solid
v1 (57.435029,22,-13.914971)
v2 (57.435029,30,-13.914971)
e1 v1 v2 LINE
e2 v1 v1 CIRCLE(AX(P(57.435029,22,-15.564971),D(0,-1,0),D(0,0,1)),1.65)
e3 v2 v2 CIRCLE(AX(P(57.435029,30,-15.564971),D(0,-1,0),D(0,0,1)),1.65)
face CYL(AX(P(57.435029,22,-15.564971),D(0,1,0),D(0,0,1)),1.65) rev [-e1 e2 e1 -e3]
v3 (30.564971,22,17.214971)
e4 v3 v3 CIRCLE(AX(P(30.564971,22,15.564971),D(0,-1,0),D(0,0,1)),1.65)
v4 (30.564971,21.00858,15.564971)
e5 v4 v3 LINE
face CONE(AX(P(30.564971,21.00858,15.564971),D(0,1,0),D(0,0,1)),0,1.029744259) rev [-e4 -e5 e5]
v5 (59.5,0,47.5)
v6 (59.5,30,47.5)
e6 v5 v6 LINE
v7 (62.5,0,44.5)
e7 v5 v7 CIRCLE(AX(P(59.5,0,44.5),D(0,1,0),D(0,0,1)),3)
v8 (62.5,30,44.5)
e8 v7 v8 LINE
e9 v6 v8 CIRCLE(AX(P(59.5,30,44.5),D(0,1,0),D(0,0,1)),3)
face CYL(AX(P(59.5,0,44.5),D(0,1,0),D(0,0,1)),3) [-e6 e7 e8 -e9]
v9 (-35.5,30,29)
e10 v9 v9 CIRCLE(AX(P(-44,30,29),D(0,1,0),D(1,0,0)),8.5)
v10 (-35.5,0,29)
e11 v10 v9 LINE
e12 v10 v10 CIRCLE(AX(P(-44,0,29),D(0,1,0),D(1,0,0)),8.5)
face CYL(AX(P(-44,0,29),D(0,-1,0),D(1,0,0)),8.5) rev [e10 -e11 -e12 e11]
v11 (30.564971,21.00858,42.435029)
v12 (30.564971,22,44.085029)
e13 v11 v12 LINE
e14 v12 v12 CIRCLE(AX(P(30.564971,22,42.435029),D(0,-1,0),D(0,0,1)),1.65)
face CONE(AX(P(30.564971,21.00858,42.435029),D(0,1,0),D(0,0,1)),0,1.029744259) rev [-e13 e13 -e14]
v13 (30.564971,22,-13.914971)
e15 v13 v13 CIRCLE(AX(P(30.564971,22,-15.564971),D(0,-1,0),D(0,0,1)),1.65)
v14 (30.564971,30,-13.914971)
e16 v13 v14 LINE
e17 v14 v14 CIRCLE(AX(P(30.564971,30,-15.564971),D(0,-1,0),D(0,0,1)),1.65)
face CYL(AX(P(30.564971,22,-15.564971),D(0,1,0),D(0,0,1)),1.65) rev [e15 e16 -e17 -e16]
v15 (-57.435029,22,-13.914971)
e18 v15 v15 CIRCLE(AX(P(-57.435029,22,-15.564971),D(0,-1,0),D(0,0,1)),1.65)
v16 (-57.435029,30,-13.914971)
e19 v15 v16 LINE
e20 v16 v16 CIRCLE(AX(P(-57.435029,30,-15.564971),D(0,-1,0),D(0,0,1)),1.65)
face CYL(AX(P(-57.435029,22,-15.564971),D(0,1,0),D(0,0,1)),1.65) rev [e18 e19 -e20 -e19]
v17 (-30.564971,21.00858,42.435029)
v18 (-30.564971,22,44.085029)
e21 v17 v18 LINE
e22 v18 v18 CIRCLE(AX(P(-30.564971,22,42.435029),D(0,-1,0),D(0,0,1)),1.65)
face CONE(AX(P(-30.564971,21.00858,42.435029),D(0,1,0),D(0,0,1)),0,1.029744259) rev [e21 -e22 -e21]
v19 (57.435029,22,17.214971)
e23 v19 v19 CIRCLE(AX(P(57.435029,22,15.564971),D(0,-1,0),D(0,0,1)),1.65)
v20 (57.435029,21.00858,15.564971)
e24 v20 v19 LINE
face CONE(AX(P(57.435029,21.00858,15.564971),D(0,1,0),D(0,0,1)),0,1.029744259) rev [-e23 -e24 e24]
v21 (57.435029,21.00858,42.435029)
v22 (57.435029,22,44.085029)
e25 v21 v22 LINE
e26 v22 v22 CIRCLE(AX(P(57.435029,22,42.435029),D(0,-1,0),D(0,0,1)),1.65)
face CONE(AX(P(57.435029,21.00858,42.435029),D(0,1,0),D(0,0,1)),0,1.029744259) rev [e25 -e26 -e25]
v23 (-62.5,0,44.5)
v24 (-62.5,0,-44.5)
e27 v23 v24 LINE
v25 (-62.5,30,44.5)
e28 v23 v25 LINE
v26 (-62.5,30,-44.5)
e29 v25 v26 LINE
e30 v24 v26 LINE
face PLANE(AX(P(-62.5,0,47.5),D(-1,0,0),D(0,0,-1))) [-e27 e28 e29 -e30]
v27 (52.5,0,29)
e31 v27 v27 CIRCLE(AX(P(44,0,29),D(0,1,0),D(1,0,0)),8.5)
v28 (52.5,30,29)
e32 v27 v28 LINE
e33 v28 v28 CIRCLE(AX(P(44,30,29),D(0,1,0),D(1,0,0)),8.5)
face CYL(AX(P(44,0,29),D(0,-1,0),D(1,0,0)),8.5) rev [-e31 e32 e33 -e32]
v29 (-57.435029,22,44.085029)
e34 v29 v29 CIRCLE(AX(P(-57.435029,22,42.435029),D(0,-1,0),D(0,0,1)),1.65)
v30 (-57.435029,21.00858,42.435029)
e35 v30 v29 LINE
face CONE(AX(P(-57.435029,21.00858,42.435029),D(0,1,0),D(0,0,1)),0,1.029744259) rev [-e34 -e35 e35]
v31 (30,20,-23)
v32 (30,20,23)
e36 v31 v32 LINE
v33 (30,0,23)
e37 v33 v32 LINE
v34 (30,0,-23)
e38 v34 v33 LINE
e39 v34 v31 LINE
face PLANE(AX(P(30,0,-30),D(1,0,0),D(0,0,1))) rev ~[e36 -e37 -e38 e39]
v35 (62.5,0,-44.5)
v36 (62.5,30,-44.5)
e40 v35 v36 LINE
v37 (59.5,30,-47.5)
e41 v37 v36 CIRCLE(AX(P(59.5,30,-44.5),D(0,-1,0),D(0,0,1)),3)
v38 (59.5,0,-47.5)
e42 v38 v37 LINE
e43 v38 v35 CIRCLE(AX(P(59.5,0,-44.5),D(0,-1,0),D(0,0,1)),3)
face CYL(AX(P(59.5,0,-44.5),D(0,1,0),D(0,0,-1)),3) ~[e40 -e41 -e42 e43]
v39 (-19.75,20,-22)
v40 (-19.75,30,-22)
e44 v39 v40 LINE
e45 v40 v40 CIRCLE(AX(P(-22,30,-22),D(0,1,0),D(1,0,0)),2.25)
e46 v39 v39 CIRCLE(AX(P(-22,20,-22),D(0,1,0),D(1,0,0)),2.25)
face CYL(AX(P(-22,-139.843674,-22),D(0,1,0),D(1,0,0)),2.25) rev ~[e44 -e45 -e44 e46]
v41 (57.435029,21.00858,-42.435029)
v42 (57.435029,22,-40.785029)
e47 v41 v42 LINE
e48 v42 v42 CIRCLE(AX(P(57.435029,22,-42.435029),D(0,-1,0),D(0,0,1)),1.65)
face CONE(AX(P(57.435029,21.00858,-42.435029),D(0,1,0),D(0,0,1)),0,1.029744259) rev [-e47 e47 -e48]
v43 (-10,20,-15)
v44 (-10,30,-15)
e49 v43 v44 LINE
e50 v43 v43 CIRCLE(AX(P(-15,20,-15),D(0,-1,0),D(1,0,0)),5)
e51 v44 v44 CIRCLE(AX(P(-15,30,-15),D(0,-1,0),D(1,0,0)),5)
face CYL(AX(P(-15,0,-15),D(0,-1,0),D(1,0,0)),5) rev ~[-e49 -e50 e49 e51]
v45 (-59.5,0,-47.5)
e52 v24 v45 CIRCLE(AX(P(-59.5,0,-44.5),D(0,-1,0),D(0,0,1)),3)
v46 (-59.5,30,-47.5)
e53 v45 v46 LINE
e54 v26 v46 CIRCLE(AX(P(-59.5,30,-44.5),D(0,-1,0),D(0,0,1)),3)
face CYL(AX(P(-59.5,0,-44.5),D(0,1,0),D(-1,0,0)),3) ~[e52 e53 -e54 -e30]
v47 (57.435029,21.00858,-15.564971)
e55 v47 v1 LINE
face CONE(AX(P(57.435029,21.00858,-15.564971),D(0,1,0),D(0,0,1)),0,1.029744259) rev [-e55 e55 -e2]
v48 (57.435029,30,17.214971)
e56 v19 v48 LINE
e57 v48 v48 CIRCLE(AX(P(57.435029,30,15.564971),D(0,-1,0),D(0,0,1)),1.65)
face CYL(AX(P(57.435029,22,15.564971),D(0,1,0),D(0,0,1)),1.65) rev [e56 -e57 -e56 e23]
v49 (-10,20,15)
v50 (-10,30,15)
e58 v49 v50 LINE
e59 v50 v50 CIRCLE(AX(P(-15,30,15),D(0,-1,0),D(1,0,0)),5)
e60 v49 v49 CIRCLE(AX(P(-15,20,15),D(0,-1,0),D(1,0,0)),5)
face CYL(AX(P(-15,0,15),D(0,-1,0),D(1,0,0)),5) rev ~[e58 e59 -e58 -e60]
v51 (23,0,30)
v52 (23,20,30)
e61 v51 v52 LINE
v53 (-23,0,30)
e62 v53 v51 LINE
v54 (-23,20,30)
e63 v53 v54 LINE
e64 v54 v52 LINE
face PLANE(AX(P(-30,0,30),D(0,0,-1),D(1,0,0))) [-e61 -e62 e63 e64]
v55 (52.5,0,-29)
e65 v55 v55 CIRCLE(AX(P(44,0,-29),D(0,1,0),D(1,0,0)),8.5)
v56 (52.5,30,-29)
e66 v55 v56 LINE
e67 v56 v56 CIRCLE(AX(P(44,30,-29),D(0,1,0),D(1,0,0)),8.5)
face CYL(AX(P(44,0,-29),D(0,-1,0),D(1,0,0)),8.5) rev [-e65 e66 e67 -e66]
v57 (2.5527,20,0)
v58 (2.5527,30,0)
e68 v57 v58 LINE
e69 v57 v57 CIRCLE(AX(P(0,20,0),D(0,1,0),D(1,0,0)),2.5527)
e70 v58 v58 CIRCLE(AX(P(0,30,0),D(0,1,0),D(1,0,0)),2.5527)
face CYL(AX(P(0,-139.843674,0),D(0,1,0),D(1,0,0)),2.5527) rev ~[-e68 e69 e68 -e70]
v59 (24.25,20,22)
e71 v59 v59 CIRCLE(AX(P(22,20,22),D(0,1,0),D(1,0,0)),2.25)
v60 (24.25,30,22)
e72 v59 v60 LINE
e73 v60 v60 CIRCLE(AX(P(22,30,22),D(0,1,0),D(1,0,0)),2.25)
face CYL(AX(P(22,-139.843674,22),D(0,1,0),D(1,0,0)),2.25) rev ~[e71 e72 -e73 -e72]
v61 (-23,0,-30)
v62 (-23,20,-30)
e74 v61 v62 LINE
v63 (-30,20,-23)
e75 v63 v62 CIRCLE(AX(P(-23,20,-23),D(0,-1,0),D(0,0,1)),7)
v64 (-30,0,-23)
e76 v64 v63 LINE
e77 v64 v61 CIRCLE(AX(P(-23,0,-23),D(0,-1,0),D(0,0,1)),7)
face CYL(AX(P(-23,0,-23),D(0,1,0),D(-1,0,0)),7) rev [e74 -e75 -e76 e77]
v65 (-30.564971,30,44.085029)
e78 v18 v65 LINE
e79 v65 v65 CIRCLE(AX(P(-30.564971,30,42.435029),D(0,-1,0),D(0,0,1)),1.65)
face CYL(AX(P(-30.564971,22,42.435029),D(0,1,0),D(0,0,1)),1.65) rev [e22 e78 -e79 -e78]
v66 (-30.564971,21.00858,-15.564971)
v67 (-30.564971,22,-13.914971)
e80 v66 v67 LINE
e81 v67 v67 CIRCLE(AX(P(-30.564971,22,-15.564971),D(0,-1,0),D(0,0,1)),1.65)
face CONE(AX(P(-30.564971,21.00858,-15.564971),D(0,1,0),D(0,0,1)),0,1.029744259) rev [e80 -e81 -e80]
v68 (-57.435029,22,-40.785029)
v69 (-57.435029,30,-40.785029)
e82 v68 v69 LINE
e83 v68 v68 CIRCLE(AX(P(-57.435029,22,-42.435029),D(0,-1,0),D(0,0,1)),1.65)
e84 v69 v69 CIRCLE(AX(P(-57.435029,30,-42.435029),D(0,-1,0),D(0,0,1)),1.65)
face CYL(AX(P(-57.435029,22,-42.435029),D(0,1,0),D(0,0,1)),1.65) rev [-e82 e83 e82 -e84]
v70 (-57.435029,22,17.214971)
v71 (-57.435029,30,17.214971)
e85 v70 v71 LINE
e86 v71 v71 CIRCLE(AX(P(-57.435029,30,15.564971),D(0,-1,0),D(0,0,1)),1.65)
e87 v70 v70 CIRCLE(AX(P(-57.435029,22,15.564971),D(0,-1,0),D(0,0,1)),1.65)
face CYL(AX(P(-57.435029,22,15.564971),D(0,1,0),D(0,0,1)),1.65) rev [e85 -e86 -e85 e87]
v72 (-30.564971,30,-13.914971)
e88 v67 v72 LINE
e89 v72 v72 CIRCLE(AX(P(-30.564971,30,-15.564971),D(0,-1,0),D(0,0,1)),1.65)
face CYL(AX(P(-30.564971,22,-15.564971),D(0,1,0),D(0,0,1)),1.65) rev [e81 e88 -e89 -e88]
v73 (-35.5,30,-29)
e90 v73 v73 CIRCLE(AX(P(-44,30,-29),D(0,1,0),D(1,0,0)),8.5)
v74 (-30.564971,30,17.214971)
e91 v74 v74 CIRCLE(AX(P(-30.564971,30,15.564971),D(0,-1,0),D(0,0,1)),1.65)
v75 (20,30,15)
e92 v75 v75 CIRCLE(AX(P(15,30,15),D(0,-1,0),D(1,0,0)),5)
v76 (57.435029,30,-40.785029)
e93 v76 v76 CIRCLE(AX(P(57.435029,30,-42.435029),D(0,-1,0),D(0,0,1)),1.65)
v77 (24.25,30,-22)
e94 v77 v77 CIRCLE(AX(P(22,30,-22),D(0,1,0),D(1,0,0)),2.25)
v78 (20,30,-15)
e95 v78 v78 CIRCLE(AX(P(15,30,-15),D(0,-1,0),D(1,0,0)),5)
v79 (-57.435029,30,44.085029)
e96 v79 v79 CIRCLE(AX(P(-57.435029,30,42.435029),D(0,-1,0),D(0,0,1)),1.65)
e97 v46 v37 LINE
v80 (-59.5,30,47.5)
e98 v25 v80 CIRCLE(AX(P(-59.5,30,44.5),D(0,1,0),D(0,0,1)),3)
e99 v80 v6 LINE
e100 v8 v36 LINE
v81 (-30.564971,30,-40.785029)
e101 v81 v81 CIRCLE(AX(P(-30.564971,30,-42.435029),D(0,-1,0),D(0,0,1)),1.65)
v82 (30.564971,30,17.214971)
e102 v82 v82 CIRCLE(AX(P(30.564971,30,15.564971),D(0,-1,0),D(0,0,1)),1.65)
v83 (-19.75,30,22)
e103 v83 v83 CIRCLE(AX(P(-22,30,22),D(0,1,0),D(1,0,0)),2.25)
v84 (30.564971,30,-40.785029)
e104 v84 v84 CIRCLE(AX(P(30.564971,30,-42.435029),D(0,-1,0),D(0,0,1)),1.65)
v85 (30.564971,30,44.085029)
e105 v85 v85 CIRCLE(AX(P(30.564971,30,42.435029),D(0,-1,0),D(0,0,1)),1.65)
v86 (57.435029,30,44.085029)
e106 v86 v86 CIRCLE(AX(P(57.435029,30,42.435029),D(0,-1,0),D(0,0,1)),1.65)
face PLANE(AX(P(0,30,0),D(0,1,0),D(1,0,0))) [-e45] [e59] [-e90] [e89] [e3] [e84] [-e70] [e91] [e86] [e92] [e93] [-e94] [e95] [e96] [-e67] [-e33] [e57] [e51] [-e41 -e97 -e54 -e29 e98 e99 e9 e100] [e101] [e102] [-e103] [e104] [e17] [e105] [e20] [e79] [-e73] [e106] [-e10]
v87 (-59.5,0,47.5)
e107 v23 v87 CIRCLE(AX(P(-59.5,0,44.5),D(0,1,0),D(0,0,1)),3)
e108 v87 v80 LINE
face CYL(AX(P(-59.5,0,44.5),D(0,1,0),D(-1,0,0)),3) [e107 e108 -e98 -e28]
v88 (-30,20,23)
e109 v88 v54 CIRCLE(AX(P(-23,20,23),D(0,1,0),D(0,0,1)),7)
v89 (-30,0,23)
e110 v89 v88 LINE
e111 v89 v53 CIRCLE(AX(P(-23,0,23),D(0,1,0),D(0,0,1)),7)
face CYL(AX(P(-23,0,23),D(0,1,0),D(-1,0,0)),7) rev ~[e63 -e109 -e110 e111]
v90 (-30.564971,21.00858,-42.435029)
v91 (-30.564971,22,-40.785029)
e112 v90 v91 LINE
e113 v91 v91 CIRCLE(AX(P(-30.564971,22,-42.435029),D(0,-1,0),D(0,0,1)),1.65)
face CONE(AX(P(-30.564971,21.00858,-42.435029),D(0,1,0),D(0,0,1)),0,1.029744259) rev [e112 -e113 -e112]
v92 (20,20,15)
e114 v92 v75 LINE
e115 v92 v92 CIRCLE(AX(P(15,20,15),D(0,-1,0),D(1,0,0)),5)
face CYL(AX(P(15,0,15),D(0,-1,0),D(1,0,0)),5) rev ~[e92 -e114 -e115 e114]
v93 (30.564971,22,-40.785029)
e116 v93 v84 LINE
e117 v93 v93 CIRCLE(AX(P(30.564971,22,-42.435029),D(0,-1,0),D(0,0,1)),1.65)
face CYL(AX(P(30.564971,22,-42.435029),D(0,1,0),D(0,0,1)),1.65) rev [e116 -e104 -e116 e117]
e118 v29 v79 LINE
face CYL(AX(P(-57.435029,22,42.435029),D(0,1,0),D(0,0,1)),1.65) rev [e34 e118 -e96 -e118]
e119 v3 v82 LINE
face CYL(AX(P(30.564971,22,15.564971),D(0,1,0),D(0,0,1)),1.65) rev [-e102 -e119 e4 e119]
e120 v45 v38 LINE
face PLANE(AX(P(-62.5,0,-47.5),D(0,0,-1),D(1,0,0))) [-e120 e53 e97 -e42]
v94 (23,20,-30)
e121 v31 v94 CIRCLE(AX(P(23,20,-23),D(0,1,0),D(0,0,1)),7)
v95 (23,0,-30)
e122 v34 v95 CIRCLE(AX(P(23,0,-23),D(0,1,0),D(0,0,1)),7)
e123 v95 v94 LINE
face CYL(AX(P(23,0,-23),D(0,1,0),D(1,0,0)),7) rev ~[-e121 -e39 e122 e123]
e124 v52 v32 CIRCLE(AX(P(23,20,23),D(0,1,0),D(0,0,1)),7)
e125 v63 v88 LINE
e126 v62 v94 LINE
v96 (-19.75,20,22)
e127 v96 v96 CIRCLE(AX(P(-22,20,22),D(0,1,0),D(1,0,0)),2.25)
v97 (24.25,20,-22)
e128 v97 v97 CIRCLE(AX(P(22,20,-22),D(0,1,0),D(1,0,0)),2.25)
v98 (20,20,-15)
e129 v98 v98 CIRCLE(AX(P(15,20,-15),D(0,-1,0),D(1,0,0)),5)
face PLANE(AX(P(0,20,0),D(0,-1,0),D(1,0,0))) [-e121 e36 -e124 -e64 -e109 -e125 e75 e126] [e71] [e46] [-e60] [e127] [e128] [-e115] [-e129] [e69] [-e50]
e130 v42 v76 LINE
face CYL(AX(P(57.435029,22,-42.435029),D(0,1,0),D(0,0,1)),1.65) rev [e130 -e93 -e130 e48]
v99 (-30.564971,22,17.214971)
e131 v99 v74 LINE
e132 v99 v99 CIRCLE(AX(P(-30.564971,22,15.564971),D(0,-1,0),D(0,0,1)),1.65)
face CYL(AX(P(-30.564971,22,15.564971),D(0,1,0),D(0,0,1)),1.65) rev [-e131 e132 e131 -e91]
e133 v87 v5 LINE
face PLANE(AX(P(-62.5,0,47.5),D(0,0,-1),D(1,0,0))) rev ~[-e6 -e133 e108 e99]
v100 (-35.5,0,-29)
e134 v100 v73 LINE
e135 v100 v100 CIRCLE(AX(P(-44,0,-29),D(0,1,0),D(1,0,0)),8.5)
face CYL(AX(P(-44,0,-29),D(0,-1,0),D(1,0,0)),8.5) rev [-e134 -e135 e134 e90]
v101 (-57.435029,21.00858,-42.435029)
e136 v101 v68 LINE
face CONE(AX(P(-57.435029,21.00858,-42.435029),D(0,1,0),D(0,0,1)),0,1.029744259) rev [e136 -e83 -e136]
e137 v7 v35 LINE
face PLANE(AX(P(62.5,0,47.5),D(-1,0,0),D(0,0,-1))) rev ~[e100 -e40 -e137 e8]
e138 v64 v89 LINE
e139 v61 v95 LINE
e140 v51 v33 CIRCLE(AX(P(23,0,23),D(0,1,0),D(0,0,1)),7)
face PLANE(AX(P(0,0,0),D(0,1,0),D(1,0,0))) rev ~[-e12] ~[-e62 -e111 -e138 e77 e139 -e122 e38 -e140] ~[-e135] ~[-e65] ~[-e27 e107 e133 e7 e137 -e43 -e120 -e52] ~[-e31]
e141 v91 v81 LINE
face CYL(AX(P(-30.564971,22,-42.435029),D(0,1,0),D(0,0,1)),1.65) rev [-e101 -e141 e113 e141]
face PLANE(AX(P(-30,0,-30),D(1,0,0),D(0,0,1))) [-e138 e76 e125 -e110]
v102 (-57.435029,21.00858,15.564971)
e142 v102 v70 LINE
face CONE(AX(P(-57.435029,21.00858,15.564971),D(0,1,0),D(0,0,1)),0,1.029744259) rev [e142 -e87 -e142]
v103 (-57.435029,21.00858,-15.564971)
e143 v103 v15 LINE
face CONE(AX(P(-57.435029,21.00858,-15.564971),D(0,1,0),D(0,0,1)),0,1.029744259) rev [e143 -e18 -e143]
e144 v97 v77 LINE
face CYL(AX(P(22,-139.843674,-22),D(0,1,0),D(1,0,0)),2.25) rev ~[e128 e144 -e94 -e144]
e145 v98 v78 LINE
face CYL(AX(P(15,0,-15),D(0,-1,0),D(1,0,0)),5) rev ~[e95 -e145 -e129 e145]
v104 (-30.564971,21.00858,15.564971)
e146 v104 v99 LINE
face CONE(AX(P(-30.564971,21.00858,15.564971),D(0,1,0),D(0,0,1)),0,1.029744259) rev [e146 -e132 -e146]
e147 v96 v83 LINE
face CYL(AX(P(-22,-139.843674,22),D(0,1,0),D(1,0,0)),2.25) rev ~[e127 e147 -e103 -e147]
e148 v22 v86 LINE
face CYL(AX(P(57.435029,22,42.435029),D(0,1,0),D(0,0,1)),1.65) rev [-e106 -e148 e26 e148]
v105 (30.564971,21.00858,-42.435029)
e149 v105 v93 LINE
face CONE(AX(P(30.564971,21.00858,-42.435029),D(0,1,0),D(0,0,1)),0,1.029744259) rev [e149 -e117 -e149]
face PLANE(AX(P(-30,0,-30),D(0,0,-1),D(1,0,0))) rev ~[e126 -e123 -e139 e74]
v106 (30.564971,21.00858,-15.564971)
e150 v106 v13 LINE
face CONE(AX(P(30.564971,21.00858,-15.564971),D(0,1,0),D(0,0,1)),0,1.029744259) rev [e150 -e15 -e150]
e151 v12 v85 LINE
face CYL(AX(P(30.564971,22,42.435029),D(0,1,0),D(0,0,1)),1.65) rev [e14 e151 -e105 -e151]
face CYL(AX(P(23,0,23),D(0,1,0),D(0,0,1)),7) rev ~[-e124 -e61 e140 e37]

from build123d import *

# Parameters (mm, degrees)
SKETCH1_W                      = 125
SKETCH1_H                      = 95
SKETCH1_R                      = 8.5
BOSS_EXTRUDE1_DEPTH            = 30
M4X0_7_TAPPED_HOLE1_AT_2_COUNT = 2
M4X0_7_TAPPED_HOLE1_AT_2_PITCH = 26.870057685
M4X0_7_TAPPED_HOLE1_AT_3_COUNT = 2
M4X0_7_TAPPED_HOLE1_AT_3_PITCH = 38
M4X0_7_TAPPED_HOLE1_AT_4_COUNT = 2
M4X0_7_TAPPED_HOLE1_AT_4_PITCH = 26.870057685
LPATTERN1_COUNT                = 2
LPATTERN1_PITCH                = 88
LPATTERN1_COUNT_DIR2           = 2
LPATTERN1_PITCH_DIR2           = 58
SKETCH5_W                      = 60
SKETCH5_H                      = 60
CUT_EXTRUDE1_DEPTH             = 20
FILLET1_R                      = 7
FILLET2_R                      = 3
F_1_4_20_TAPPED_HOLE1_D        = 5.1054
SKETCH8_R                      = 5
CUT_EXTRUDE2_DEPTH             = 31
M4_CLEARANCE_HOLE1_D           = 4.5


with BuildPart() as part:
    # Sketch1 → Boss-Extrude1 (new body)
    with BuildSketch(Plane(origin=(0, 0, 0), x_dir=(1, 0, 0), z_dir=(0, 1, 0))):
        Rectangle(SKETCH1_W, SKETCH1_H)
        with Locations((-44, 29)):
            Circle(SKETCH1_R, mode=Mode.SUBTRACT)
        with Locations((44, 29)):
            Circle(SKETCH1_R, mode=Mode.SUBTRACT)
        with Locations((44, -29)):
            Circle(SKETCH1_R, mode=Mode.SUBTRACT)
        with Locations((-44, -29)):
            Circle(SKETCH1_R, mode=Mode.SUBTRACT)
    extrude(amount=BOSS_EXTRUDE1_DEPTH)

    # Sketch2 → M4x0.7 Tapped Hole1 (revolve, cut)
    with BuildSketch(Plane(origin=(-57.435028843, 30, -42.435028843), x_dir=(0, 0, 1), z_dir=(1, 0, 0))):
        Polygon((0, 0), (0, 8.991420021), (1.65, 8), (1.65, 0), align=None)
    m4x0_7_tapped_hole1 = revolve(axis=Axis((-57.435028843, 36.35, -42.435028843), (0, -1, 0)), mode=Mode.SUBTRACT)

    # M4x0.7 Tapped Hole1 at 2: M4x0.7 Tapped Hole1 ×2
    with Locations(*[(i * M4X0_7_TAPPED_HOLE1_AT_2_PITCH, 0, 0) for i in range(1, M4X0_7_TAPPED_HOLE1_AT_2_COUNT)]):
        add(m4x0_7_tapped_hole1, mode=Mode.SUBTRACT)

    # M4x0.7 Tapped Hole1 at 3: M4x0.7 Tapped Hole1 ×2
    with Locations(*[Vector(0.707106781, 0, 0.707106781) * (i * M4X0_7_TAPPED_HOLE1_AT_3_PITCH) for i in range(1, M4X0_7_TAPPED_HOLE1_AT_3_COUNT)]):
        add(m4x0_7_tapped_hole1, mode=Mode.SUBTRACT)

    # M4x0.7 Tapped Hole1 at 4: M4x0.7 Tapped Hole1 ×2
    with Locations(*[(0, 0, i * M4X0_7_TAPPED_HOLE1_AT_4_PITCH) for i in range(1, M4X0_7_TAPPED_HOLE1_AT_4_COUNT)]):
        add(m4x0_7_tapped_hole1, mode=Mode.SUBTRACT)

    # LPattern1: M4x0.7 Tapped Hole1 2 × 2
    with Locations(*[(i * LPATTERN1_PITCH, 0, j * LPATTERN1_PITCH_DIR2) for i in range(LPATTERN1_COUNT) for j in range(LPATTERN1_COUNT_DIR2) if (i, j) != (0, 0)]):
        add(m4x0_7_tapped_hole1, mode=Mode.SUBTRACT)

    # LPattern1 copy 1 sketch → LPattern1 copy 1 (revolve, cut)
    with BuildSketch(Plane(origin=(-30.564971157, 30, 15.564971157), x_dir=(0, 0, 1), z_dir=(1, 0, 0))):
        Polygon((0, 0), (0, 8.991420021), (1.65, 8), (1.65, 0), align=None)
    revolve(axis=Axis((-30.564971157, 36.35, 15.564971157), (0, -1, 0)), mode=Mode.SUBTRACT)

    # LPattern1 copy 2 sketch → LPattern1 copy 2 (revolve, cut)
    with BuildSketch(Plane(origin=(57.435028843, 30, -42.435028843), x_dir=(0, 0, 1), z_dir=(1, 0, 0))):
        Polygon((0, 0), (0, 8.991420021), (1.65, 8), (1.65, 0), align=None)
    revolve(axis=Axis((57.435028843, 36.35, -42.435028843), (0, -1, 0)), mode=Mode.SUBTRACT)

    # LPattern1 copy 3 sketch → LPattern1 copy 3 (revolve, cut)
    with BuildSketch(Plane(origin=(57.435028843, 30, 15.564971157), x_dir=(0, 0, 1), z_dir=(1, 0, 0))):
        Polygon((0, 0), (0, 8.991420021), (1.65, 8), (1.65, 0), align=None)
    revolve(axis=Axis((57.435028843, 36.35, 15.564971157), (0, -1, 0)), mode=Mode.SUBTRACT)

    # LPattern1 copy 4 sketch → LPattern1 copy 4 (revolve, cut)
    with BuildSketch(Plane(origin=(-30.564971157, 30, 42.435028843), x_dir=(0, 0, 1), z_dir=(1, 0, 0))):
        Polygon((0, 0), (0, 8.991420021), (1.65, 8), (1.65, 0), align=None)
    revolve(axis=Axis((-30.564971157, 36.35, 42.435028843), (0, -1, 0)), mode=Mode.SUBTRACT)

    # LPattern1 copy 5 sketch → LPattern1 copy 5 (revolve, cut)
    with BuildSketch(Plane(origin=(57.435028843, 30, -15.564971157), x_dir=(0, 0, 1), z_dir=(1, 0, 0))):
        Polygon((0, 0), (0, 8.991420021), (1.65, 8), (1.65, 0), align=None)
    revolve(axis=Axis((57.435028843, 36.35, -15.564971157), (0, -1, 0)), mode=Mode.SUBTRACT)

    # LPattern1 copy 6 sketch → LPattern1 copy 6 (revolve, cut)
    with BuildSketch(Plane(origin=(57.435028843, 30, 42.435028843), x_dir=(0, 0, 1), z_dir=(1, 0, 0))):
        Polygon((0, 0), (0, 8.991420021), (1.65, 8), (1.65, 0), align=None)
    revolve(axis=Axis((57.435028843, 36.35, 42.435028843), (0, -1, 0)), mode=Mode.SUBTRACT)

    # LPattern1 copy 7 sketch → LPattern1 copy 7 (revolve, cut)
    with BuildSketch(Plane(origin=(-57.435028843, 30, 42.435028843), x_dir=(0, 0, 1), z_dir=(1, 0, 0))):
        Polygon((0, 0), (0, 8.991420021), (1.65, 8), (1.65, 0), align=None)
    revolve(axis=Axis((-57.435028843, 36.35, 42.435028843), (0, -1, 0)), mode=Mode.SUBTRACT)

    # LPattern1 copy 8 sketch → LPattern1 copy 8 (revolve, cut)
    with BuildSketch(Plane(origin=(30.564971157, 30, -15.564971157), x_dir=(0, 0, 1), z_dir=(1, 0, 0))):
        Polygon((0, 0), (0, 8.991420021), (1.65, 8), (1.65, 0), align=None)
    revolve(axis=Axis((30.564971157, 36.35, -15.564971157), (0, -1, 0)), mode=Mode.SUBTRACT)

    # LPattern1 copy 9 sketch → LPattern1 copy 9 (revolve, cut)
    with BuildSketch(Plane(origin=(30.564971157, 30, 42.435028843), x_dir=(0, 0, 1), z_dir=(1, 0, 0))):
        Polygon((0, 0), (0, 8.991420021), (1.65, 8), (1.65, 0), align=None)
    revolve(axis=Axis((30.564971157, 36.35, 42.435028843), (0, -1, 0)), mode=Mode.SUBTRACT)

    # Sketch5 → Cut-Extrude1 (cut)
    with BuildSketch(Plane.XZ):
        Rectangle(SKETCH5_W, SKETCH5_H)
    extrude(amount=-CUT_EXTRUDE1_DEPTH, mode=Mode.SUBTRACT)

    # Fillet1
    fillet1_edges = [part.edges().sort_by_distance(p)[0] for p in [
        (-30, 10, -30),
        (-30, 10, 30),
        (30, 10, 30),
        (30, 10, -30),
    ]]
    fillet(fillet1_edges, radius=FILLET1_R)

    # Fillet2
    fillet2_edges = [part.edges().sort_by_distance(p)[0] for p in [
        (-62.5, 15, -47.5),
        (62.5, 15, -47.5),
        (62.5, 15, 47.5),
        (-62.5, 15, 47.5),
    ]]
    fillet(fillet2_edges, radius=FILLET2_R)

    # 1/4-20 Tapped Hole1 (through all)
    with Locations(Plane(origin=(0, 20, 0), x_dir=(-1, 0, 0), z_dir=(0, -1, 0))):
        with Locations((0, 0)):
            Hole(F_1_4_20_TAPPED_HOLE1_D / 2)

    # Sketch8 → Cut-Extrude2 (cut, through all)
    with BuildSketch(Plane.XZ):
        with Locations((-15, 15)):
            Circle(SKETCH8_R)
        with Locations((-15, -15)):
            Circle(SKETCH8_R)
        with Locations((15, 15)):
            Circle(SKETCH8_R)
        with Locations((15, -15)):
            Circle(SKETCH8_R)
    extrude(amount=-CUT_EXTRUDE2_DEPTH, mode=Mode.SUBTRACT)

    # M4 Clearance Hole1 (through all)
    with Locations(Plane(origin=(0, 20, 0), x_dir=(-1, 0, 0), z_dir=(0, -1, 0))):
        with Locations((22, -22), (-22, -22), (-22, 22), (22, 22)):
            Hole(M4_CLEARANCE_HOLE1_D / 2)


solid = part.part
